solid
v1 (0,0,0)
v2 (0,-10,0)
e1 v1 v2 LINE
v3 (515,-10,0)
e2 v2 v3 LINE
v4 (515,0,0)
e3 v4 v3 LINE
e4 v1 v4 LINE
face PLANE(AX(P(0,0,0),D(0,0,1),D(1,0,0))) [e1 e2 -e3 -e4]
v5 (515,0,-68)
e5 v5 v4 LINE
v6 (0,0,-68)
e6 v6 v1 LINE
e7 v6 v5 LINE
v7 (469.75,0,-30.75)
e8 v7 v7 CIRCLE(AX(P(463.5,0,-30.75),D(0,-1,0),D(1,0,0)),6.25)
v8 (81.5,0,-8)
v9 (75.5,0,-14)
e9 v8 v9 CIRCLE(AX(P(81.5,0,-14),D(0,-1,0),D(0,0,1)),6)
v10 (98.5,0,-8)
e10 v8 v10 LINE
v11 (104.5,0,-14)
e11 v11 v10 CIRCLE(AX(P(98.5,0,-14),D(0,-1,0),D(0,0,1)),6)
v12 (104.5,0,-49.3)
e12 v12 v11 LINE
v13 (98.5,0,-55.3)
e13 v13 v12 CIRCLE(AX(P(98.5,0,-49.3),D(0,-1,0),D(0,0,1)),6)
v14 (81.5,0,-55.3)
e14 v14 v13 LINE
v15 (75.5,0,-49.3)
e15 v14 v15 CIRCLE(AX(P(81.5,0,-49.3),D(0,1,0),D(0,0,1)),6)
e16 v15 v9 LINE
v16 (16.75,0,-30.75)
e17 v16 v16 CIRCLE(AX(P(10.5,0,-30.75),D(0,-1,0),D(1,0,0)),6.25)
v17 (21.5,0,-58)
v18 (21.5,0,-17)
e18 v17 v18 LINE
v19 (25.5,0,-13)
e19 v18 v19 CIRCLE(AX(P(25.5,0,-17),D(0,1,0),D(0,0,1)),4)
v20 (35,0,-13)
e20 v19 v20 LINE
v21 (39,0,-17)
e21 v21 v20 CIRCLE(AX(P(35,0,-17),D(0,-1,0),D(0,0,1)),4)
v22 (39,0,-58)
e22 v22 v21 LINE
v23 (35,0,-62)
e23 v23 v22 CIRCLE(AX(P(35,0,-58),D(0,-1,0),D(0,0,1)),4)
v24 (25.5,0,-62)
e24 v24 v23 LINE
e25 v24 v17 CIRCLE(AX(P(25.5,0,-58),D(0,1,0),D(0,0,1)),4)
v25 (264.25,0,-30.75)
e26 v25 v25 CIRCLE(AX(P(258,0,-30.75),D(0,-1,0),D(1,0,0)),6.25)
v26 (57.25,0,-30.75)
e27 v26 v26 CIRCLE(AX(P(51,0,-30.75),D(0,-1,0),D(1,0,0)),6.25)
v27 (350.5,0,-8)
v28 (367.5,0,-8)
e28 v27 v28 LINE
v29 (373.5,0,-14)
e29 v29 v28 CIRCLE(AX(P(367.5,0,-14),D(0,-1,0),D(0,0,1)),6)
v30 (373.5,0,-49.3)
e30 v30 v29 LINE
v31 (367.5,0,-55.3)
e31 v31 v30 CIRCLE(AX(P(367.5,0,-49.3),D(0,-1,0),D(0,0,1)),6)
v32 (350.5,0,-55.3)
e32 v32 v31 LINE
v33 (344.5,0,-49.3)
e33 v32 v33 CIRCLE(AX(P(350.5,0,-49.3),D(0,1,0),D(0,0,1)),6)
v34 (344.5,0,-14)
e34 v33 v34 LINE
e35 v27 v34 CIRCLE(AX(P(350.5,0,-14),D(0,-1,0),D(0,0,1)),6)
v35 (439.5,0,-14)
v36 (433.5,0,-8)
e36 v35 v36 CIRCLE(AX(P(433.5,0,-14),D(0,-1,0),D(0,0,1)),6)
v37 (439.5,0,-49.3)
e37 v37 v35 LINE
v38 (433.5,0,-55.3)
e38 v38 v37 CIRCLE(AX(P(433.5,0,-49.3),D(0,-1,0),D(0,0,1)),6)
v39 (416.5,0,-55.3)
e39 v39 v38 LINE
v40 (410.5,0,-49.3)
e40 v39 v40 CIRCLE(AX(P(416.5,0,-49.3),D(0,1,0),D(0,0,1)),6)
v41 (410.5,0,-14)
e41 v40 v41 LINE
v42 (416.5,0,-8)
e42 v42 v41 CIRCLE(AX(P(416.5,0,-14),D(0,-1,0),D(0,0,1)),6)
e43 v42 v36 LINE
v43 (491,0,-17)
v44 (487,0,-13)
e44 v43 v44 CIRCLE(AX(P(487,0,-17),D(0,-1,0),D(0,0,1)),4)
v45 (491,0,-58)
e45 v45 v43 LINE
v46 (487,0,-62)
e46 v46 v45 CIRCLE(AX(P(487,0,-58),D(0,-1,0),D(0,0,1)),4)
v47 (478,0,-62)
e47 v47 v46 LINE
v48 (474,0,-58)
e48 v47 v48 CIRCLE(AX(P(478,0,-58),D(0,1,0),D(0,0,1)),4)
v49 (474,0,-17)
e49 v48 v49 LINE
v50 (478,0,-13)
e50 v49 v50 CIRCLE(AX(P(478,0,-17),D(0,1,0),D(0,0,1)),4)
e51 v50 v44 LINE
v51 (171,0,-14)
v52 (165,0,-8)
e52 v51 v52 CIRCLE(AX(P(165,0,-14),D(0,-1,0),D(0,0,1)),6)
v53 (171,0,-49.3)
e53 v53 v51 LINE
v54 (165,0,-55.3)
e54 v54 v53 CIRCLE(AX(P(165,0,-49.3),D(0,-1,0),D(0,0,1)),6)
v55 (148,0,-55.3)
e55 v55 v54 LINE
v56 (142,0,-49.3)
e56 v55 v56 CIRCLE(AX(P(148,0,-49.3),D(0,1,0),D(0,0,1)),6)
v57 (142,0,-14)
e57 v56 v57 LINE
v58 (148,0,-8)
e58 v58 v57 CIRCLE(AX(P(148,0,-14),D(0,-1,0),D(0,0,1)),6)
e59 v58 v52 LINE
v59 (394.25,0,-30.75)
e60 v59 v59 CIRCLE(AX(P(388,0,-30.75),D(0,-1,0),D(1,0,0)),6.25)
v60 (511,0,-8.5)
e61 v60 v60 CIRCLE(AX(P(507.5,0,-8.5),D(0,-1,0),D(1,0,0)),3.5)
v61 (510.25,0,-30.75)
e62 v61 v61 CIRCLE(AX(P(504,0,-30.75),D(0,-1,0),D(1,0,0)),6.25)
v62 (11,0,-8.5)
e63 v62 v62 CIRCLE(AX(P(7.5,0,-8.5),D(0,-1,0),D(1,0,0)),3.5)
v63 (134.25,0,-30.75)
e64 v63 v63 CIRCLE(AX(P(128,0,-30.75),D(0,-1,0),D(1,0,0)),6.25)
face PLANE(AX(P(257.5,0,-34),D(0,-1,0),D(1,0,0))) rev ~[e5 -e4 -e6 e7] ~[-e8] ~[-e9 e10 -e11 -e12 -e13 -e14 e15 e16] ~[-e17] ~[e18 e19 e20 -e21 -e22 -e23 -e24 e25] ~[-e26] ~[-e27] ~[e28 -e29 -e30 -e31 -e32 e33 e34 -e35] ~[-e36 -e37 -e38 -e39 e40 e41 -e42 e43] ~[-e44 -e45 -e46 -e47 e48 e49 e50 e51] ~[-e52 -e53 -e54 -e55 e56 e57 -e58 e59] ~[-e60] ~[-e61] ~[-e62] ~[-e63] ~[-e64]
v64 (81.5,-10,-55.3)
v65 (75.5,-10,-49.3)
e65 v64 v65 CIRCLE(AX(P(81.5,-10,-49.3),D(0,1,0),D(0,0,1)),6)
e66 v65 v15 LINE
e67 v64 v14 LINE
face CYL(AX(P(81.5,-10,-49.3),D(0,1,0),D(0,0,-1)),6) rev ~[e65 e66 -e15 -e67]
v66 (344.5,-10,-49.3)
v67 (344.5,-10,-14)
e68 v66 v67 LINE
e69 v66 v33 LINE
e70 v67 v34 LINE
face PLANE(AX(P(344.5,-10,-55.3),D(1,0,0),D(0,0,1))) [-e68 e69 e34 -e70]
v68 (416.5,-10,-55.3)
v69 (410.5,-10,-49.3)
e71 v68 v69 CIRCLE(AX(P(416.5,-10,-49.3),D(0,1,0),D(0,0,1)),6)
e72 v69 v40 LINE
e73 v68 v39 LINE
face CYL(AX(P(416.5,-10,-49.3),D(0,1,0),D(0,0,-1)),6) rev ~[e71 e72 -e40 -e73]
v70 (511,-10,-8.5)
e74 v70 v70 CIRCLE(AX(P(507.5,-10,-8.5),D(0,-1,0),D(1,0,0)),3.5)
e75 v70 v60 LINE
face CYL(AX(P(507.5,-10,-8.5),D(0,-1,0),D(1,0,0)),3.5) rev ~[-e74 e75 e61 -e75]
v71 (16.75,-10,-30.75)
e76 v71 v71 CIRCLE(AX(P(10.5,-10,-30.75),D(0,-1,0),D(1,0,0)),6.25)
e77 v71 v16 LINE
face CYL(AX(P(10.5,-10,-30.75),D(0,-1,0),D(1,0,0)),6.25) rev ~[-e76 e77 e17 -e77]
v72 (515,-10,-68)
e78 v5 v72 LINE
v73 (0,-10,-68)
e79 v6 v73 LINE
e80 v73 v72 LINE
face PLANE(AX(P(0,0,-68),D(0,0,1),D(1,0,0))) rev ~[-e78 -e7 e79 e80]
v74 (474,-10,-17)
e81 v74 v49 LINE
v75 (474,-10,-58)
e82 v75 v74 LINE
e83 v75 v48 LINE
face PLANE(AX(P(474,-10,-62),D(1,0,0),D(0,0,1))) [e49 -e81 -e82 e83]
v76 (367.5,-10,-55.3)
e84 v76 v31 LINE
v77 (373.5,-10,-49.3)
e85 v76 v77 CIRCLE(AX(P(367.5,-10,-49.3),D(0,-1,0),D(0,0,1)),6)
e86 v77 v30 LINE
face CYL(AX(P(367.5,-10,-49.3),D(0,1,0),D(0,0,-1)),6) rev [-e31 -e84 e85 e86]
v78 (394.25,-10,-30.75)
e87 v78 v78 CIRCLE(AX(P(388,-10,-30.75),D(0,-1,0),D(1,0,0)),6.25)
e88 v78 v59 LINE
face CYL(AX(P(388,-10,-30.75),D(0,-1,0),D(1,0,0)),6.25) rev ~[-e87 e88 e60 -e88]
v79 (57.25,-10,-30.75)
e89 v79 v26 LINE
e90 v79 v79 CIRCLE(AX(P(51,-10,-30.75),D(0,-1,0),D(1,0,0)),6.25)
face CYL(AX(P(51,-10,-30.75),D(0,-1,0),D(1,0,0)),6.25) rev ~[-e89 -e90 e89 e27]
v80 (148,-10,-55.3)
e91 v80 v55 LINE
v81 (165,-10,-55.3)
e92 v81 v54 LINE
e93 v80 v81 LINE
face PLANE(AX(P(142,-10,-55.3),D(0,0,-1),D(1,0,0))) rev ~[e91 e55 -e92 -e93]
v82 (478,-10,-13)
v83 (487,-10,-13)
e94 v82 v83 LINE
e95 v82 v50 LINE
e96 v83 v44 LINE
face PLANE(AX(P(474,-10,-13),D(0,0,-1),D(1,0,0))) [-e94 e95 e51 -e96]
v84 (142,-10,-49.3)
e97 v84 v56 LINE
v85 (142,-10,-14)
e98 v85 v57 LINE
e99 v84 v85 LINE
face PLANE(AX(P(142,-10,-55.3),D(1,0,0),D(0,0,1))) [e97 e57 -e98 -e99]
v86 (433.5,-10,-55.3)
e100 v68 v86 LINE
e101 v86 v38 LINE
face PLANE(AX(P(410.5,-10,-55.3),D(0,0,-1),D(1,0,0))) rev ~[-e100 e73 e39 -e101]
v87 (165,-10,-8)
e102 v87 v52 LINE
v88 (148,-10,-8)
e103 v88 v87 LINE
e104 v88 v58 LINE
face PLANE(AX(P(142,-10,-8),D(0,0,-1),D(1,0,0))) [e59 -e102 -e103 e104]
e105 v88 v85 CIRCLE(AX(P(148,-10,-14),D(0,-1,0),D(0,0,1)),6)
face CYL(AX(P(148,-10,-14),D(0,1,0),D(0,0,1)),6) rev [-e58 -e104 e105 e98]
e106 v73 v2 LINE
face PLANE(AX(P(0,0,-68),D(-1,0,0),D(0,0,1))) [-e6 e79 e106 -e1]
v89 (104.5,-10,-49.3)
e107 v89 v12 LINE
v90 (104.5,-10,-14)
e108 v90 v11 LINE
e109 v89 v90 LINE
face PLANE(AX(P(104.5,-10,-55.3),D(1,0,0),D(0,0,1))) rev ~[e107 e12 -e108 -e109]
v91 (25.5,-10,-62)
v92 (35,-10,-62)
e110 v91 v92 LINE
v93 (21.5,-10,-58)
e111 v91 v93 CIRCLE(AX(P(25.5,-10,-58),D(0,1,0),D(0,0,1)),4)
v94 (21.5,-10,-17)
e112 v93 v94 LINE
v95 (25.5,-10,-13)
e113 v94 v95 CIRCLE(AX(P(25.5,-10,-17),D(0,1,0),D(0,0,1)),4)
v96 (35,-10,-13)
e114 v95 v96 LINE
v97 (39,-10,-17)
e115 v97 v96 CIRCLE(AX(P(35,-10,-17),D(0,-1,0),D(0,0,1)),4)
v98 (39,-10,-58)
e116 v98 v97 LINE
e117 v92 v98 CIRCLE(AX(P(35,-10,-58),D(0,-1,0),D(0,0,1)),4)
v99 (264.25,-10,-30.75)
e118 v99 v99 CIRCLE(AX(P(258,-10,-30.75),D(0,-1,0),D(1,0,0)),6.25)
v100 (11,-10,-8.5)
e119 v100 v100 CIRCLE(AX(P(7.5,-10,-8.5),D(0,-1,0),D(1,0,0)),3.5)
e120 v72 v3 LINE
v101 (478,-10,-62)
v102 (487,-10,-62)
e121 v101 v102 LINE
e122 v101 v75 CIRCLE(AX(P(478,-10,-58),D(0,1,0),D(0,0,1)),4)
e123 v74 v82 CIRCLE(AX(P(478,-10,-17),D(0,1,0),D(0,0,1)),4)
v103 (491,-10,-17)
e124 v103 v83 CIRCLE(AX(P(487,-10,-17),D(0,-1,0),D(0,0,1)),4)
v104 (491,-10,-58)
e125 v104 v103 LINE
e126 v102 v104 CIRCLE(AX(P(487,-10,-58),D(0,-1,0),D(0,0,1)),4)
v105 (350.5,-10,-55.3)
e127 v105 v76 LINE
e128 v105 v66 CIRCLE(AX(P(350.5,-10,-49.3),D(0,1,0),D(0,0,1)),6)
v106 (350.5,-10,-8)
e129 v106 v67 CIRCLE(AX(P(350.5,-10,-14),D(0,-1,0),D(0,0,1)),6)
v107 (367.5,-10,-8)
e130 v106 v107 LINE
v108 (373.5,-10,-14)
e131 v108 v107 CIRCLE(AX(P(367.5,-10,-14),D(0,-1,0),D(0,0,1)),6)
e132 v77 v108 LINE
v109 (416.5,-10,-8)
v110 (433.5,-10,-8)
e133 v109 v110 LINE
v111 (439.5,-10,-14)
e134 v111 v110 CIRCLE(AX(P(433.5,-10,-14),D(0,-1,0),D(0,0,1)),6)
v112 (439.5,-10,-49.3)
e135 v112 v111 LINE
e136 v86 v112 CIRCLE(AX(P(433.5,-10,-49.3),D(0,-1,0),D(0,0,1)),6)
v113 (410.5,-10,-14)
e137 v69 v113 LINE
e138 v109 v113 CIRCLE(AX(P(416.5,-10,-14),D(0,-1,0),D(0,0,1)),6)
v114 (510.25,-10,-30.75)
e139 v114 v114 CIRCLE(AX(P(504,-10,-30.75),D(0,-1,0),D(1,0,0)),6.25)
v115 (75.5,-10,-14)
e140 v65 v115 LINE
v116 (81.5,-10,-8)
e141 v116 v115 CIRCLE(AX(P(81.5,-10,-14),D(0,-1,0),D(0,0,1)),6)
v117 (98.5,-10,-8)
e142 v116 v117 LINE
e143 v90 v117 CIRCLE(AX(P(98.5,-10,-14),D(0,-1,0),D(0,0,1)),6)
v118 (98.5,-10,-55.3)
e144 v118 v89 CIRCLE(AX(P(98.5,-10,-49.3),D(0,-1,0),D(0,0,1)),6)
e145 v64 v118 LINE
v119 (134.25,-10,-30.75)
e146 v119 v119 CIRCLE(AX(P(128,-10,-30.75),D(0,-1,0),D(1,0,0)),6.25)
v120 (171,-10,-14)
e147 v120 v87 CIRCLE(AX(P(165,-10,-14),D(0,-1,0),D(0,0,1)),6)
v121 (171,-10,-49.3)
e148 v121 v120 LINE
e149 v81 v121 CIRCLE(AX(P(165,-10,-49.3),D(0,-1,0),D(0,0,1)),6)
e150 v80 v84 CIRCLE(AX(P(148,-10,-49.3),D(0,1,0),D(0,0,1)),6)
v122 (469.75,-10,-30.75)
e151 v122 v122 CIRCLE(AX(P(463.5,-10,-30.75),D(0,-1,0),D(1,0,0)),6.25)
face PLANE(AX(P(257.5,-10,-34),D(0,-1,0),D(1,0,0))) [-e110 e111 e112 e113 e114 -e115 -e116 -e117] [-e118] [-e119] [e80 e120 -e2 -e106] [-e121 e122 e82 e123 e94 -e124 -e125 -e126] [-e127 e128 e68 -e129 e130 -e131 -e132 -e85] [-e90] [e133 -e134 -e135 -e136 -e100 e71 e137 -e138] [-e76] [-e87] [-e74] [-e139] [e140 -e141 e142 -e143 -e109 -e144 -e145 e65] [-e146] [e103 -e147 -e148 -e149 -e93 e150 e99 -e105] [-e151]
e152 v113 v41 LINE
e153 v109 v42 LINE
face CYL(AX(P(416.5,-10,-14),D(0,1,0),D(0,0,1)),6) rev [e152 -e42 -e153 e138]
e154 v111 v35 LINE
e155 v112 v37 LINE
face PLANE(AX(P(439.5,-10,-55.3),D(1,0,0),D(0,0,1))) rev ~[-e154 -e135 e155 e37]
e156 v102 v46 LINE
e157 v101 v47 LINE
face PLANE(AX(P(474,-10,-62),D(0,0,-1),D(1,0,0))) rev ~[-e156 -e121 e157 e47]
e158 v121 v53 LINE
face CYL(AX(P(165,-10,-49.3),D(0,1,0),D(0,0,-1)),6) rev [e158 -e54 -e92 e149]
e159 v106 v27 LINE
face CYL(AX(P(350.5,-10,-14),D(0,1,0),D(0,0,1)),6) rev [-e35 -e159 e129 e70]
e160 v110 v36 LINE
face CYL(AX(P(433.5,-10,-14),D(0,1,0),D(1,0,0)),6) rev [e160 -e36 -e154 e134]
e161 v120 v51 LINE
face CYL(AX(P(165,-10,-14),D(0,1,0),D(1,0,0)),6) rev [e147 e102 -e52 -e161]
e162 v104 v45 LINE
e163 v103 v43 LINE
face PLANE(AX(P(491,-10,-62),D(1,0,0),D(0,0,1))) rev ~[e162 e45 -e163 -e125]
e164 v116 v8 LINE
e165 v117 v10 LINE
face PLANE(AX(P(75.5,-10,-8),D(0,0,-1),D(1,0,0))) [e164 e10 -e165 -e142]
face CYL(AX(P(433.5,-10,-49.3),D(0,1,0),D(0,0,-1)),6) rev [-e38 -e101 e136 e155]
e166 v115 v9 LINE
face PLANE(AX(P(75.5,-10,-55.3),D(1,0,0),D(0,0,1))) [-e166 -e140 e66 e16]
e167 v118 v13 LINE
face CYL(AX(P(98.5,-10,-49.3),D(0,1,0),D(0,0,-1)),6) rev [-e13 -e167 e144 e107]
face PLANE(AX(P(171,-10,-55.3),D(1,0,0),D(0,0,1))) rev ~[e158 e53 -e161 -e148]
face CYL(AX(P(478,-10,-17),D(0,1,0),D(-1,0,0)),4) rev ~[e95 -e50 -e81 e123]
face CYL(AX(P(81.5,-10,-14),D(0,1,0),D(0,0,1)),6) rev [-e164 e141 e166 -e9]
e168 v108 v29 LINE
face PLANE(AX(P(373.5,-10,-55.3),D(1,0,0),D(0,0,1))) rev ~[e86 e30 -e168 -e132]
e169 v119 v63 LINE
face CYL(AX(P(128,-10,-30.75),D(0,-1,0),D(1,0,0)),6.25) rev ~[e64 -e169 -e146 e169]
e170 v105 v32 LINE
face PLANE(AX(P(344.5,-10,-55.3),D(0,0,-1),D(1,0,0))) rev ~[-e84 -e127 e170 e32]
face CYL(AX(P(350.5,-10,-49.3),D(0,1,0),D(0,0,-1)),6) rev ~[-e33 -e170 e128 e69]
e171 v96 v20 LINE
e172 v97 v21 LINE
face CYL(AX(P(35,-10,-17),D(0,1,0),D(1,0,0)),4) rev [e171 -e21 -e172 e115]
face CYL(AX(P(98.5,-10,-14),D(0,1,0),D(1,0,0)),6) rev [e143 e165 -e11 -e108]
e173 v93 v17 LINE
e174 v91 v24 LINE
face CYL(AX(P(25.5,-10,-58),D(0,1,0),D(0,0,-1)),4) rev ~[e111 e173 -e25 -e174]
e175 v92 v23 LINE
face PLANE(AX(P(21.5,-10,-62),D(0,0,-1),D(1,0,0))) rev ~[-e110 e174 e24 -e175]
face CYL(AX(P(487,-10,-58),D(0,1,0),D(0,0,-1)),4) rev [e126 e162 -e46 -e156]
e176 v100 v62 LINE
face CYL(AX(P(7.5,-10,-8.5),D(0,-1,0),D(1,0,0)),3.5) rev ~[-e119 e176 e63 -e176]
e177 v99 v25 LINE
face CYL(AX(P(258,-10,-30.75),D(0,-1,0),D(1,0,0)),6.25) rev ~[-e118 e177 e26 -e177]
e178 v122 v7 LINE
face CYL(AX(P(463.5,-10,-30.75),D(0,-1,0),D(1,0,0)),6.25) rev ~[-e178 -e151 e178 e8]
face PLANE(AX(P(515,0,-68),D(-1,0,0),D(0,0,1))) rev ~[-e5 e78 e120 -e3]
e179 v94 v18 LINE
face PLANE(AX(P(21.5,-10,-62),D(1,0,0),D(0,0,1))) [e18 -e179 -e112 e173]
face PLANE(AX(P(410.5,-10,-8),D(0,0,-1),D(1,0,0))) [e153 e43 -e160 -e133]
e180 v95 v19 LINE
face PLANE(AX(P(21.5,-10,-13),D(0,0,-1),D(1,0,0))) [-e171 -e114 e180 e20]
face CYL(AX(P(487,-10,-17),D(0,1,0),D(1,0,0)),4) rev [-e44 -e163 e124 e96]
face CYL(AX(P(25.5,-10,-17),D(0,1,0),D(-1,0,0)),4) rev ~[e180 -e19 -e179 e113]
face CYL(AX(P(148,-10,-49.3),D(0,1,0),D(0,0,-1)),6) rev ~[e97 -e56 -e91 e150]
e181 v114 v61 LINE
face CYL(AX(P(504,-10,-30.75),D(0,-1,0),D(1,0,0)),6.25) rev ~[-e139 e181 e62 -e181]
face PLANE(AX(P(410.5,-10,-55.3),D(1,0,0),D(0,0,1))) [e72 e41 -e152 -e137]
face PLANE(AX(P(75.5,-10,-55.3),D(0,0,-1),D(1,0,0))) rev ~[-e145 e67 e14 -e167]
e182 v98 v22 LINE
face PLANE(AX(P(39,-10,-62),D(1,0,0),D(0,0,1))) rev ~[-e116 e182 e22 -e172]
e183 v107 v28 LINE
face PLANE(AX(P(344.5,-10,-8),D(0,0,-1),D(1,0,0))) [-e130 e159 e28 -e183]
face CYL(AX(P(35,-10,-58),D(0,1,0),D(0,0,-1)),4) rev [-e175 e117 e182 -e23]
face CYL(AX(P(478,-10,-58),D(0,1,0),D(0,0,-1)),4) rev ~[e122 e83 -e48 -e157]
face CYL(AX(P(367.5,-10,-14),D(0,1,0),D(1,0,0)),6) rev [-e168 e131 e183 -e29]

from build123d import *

# Parameters (mm, degrees)
F0_W     = 515
F0_H     = 68
F1_DEPTH = 10
F2_R     = 3.5
F2_R_2   = 6.25
F3_DEPTH = 10.001
F4_W     = 17.5
F4_H     = 49
F4_W_2   = 17
F5_DEPTH = 10.001
F4_W_3   = 29
F4_H_2   = 47.3
F6_DEPTH = 10.001
F7_R     = 4
F8_R     = 6


with BuildPart() as f1:
    # F0 (on Front) → F1 (new body)
    with BuildSketch(Plane.XZ):
        with Locations((257.5, -34)):
            Rectangle(F0_W, F0_H)
    extrude(amount=F1_DEPTH)

    # F2 (on face) → F3 (cut, through all)
    with BuildSketch(Plane.XZ.offset(10)):
        with Locations((7.5, -8.5)):
            Circle(F2_R)
        with Locations((507.5, -8.5)):
            Circle(F2_R)
        with Locations((10.5, -30.75)):
            Circle(F2_R_2)
        with Locations((51, -30.75)):
            Circle(F2_R_2)
        with Locations((128, -30.75)):
            Circle(F2_R_2)
        with Locations((258, -30.75)):
            Circle(F2_R_2)
        with Locations((388, -30.75)):
            Circle(F2_R_2)
        with Locations((463.5, -30.75)):
            Circle(F2_R_2)
        with Locations((504, -30.75)):
            Circle(F2_R_2)
    extrude(amount=-F3_DEPTH, mode=Mode.SUBTRACT)

    # F4 (on face) → F5 (cut, through all)
    with BuildSketch(Plane.XZ.offset(10)):
        with Locations((30.25, -37.5)):
            Rectangle(F4_W, F4_H)
        with Locations((482.5, -37.5)):
            Rectangle(F4_W_2, F4_H)
    extrude(amount=-F5_DEPTH, mode=Mode.SUBTRACT)

    # F4 (on face) → F6 (cut, through all)
    with BuildSketch(Plane.XZ.offset(10)):
        with Locations((90, -31.65)):
            Rectangle(F4_W_3, F4_H_2)
        with Locations((156.5, -31.65)):
            Rectangle(F4_W_3, F4_H_2)
        with Locations((359, -31.65)):
            Rectangle(F4_W_3, F4_H_2)
        with Locations((425, -31.65)):
            Rectangle(F4_W_3, F4_H_2)
    extrude(amount=-F6_DEPTH, mode=Mode.SUBTRACT)

    # F7
    f7_edges = [f1.edges().sort_by_distance(p)[0] for p in [
        (21.5, -5, -13),
        (21.5, -5, -62),
        (39, -5, -62),
        (39, -5, -13),
        (491, -5, -13),
        (474, -5, -13),
        (474, -5, -62),
        (491, -5, -62),
    ]]
    fillet(f7_edges, radius=F7_R)

    # F8
    f8_edges = [f1.edges().sort_by_distance(p)[0] for p in [
        (410.5, -5, -8),
        (439.5, -5, -8),
        (75.5, -5, -8),
        (104.5, -5, -8),
        (171, -5, -8),
        (75.5, -5, -55.3),
        (142, -5, -55.3),
        (142, -5, -8),
        (171, -5, -55.3),
        (104.5, -5, -55.3),
        (439.5, -5, -55.3),
        (373.5, -5, -55.3),
        (410.5, -5, -55.3),
        (344.5, -5, -55.3),
        (373.5, -5, -8),
        (344.5, -5, -8),
    ]]
    fillet(f8_edges, radius=F8_R)


solid = f1.part
